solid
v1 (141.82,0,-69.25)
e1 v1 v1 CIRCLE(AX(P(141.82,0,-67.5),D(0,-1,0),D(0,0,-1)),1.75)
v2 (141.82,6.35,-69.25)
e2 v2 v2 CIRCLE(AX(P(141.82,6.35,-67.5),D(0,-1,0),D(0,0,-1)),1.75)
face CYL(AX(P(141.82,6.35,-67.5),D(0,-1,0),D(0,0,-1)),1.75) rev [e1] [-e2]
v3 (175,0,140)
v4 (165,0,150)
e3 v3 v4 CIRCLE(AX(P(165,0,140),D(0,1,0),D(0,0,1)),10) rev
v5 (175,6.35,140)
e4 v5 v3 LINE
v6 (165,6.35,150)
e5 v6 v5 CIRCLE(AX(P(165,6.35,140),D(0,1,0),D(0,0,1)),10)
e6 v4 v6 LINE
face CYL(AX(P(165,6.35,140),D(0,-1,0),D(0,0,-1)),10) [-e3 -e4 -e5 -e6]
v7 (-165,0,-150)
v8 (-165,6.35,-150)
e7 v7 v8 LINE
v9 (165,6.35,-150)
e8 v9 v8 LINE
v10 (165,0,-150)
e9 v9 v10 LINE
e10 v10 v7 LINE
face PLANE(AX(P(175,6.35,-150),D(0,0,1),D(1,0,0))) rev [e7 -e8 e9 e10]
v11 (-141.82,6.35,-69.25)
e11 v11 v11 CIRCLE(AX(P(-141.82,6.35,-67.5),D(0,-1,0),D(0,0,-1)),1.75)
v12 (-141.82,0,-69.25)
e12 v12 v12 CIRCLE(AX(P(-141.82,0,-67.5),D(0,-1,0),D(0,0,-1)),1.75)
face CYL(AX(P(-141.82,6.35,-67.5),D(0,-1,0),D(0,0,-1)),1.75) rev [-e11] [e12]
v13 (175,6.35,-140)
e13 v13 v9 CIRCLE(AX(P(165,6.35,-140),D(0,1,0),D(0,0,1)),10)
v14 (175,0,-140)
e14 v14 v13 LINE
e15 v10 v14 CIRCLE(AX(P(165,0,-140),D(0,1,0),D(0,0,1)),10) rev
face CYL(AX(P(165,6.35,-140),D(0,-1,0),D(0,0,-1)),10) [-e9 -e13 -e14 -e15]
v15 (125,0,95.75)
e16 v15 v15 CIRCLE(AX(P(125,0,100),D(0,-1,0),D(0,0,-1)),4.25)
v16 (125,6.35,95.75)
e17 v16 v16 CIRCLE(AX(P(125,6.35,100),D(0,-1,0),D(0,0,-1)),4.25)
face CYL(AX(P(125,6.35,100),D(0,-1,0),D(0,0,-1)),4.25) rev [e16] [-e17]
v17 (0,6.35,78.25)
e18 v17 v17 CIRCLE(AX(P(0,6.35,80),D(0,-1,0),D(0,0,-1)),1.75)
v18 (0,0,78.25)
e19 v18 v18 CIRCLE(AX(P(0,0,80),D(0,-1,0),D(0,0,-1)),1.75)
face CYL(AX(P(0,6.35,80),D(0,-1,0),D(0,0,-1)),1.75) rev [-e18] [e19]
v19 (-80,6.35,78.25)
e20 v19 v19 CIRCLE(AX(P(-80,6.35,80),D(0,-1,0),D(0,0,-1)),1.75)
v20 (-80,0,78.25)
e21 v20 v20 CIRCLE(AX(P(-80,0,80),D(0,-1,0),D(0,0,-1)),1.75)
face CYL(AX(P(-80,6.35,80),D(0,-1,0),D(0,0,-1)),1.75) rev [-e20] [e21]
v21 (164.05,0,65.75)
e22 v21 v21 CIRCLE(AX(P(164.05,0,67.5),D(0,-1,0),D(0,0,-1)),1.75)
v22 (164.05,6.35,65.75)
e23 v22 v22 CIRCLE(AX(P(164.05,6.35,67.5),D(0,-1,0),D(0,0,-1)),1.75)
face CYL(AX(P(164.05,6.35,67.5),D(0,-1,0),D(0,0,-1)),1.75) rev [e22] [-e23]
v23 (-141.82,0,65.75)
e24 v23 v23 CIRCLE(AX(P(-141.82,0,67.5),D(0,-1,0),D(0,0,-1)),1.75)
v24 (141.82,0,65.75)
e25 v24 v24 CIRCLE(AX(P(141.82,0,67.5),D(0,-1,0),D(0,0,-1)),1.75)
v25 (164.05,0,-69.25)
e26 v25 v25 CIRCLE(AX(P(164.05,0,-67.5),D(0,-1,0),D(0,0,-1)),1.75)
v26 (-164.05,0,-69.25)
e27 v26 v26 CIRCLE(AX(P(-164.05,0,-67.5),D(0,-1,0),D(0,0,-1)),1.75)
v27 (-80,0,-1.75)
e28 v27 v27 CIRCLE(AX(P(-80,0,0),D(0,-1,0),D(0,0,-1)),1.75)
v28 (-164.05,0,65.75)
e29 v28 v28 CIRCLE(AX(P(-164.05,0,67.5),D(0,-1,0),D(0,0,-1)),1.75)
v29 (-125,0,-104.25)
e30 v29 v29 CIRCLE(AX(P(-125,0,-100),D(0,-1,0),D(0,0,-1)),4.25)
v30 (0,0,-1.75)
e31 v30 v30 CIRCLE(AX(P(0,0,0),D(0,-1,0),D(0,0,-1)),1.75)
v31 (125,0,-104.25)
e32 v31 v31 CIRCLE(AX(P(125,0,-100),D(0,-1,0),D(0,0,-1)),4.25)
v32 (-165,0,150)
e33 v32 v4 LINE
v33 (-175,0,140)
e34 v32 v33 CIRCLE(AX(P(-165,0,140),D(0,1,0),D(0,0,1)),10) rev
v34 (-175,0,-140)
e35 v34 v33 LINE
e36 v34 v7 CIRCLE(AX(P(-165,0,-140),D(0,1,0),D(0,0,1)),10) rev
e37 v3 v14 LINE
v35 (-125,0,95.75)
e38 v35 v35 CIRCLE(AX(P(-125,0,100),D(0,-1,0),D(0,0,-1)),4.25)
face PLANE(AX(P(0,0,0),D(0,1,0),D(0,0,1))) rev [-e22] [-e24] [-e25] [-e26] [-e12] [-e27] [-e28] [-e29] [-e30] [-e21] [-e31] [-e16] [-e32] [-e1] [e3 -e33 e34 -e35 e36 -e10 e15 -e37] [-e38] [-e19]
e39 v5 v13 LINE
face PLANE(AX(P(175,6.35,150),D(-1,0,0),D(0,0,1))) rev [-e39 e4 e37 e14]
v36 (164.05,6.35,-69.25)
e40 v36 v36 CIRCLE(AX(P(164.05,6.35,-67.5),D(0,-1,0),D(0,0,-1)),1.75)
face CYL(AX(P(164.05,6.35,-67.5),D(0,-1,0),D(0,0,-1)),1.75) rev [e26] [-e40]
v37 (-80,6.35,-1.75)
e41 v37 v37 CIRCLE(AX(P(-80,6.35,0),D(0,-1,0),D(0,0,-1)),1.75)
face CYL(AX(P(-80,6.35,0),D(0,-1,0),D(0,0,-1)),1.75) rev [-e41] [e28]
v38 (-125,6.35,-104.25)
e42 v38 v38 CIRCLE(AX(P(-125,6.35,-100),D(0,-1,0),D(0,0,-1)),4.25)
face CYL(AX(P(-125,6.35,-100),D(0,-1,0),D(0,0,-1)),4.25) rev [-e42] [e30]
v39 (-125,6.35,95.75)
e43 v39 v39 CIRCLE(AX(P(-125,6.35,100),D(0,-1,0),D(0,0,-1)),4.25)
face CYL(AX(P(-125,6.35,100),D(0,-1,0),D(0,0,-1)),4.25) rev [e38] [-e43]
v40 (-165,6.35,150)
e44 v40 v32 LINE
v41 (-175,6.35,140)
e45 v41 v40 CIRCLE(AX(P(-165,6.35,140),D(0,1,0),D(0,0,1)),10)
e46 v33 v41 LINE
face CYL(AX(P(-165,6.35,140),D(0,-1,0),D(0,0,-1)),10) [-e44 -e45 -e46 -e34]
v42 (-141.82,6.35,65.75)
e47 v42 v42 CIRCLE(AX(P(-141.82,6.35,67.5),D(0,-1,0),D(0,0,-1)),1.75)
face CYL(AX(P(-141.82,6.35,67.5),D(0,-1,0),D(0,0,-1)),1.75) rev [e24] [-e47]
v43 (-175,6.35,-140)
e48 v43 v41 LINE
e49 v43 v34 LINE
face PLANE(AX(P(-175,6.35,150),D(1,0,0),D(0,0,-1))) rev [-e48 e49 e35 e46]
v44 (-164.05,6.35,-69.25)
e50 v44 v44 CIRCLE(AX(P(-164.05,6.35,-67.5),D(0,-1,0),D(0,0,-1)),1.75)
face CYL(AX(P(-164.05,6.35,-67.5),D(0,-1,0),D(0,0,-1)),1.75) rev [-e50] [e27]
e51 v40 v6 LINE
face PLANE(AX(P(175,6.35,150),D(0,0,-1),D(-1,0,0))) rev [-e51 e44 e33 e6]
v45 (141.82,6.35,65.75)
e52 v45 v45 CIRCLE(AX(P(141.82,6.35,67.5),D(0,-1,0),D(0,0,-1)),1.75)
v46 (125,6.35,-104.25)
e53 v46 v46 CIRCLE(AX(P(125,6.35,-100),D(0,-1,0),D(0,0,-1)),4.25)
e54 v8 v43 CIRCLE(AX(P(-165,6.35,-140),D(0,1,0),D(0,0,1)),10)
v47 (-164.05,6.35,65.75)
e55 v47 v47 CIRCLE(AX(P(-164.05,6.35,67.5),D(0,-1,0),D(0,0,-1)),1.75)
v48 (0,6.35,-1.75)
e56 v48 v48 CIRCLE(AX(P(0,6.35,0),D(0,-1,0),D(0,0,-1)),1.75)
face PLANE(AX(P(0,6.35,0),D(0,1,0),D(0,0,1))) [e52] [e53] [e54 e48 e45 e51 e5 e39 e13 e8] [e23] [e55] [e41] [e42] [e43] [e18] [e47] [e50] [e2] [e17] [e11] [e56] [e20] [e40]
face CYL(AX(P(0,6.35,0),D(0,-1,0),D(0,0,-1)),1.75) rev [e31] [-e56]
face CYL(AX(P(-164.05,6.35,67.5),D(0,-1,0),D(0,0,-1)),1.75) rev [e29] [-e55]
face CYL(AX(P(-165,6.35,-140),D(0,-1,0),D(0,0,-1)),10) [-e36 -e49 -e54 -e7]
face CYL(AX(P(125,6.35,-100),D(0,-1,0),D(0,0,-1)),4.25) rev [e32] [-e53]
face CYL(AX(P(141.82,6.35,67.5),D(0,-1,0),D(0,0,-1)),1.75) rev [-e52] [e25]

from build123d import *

# Parameters (mm, degrees)
SKETCH1_W                 = 350
SKETCH1_H                 = 300
BOSS_EXTRUDE1_DEPTH       = 6.35
SKETCH2_R                 = 4.25
CUT_EXTRUDE1_DEPTH        = 7.35
LPATTERN2_COUNT           = 2
LPATTERN2_PITCH           = 200
LPATTERN3_COUNT           = 2
LPATTERN3_PITCH           = 250
LPATTERN3_COPY_1_SKETCH_R = 4.25
LPATTERN3_COPY_1_DEPTH    = 7.35
FILLET1_R                 = 10
SKETCH4_R                 = 1.75
CUT_EXTRUDE2_DEPTH        = 7.35
LPATTERN5_COUNT           = 2
LPATTERN5_PITCH           = 80
LPATTERN5_COUNT_DIR2      = 2
LPATTERN5_PITCH_DIR2      = 80
SKETCH5_R                 = 1.75
CUT_EXTRUDE3_DEPTH        = 7.35
LPATTERN6_COUNT           = 2
LPATTERN6_PITCH           = 22.23
LPATTERN6_COUNT_DIR2      = 2
LPATTERN6_PITCH_DIR2      = 135
SKETCH7_R                 = 1.75
CUT_EXTRUDE4_DEPTH        = 7.35
LPATTERN9_COUNT           = 2
LPATTERN9_PITCH           = 22.23
LPATTERN9_COUNT_DIR2      = 2
LPATTERN9_PITCH_DIR2      = 135


with BuildPart() as part:
    # Sketch1 → Boss-Extrude1 (new body)
    with BuildSketch(Plane(origin=(0, 0, 0), x_dir=(1, 0, 0), z_dir=(0, 1, 0))):
        Rectangle(SKETCH1_W, SKETCH1_H)
    extrude(amount=BOSS_EXTRUDE1_DEPTH)

    # Sketch2 → Cut-Extrude1 (cut, through all)
    with BuildSketch(Plane.XZ):
        with Locations((-125, -100)):
            Circle(SKETCH2_R)
    cut_extrude1 = extrude(amount=-CUT_EXTRUDE1_DEPTH, mode=Mode.SUBTRACT)

    # LPattern2: Cut-Extrude1 ×2
    with Locations(*[(0, 0, i * LPATTERN2_PITCH) for i in range(1, LPATTERN2_COUNT)]):
        add(cut_extrude1, mode=Mode.SUBTRACT)

    # LPattern3: Cut-Extrude1 ×2
    with Locations(*[(i * LPATTERN3_PITCH, 0, 0) for i in range(1, LPATTERN3_COUNT)]):
        add(cut_extrude1, mode=Mode.SUBTRACT)

    # LPattern3 copy 1 sketch → LPattern3 copy 1 (cut, through all)
    with BuildSketch(Plane(origin=(250, 0, 200), x_dir=(1, 0, 0), z_dir=(0, -1, 0))):
        with Locations((-125, -100)):
            Circle(LPATTERN3_COPY_1_SKETCH_R)
    extrude(amount=-LPATTERN3_COPY_1_DEPTH, mode=Mode.SUBTRACT)

    # Fillet1
    fillet1_edges = [part.edges().sort_by_distance(p)[0] for p in [
        (-175, 3.175, -150),
        (175, 3.175, -150),
        (175, 3.175, 150),
        (-175, 3.175, 150),
    ]]
    fillet(fillet1_edges, radius=FILLET1_R)

    # Sketch4 → Cut-Extrude2 (cut, through all)
    with BuildSketch(Plane.XZ):
        Circle(SKETCH4_R)
    cut_extrude2 = extrude(amount=-CUT_EXTRUDE2_DEPTH, mode=Mode.SUBTRACT)

    # LPattern5: Cut-Extrude2 2 × 2
    with Locations(*[(-i * LPATTERN5_PITCH, 0, j * LPATTERN5_PITCH_DIR2) for i in range(LPATTERN5_COUNT) for j in range(LPATTERN5_COUNT_DIR2) if (i, j) != (0, 0)]):
        add(cut_extrude2, mode=Mode.SUBTRACT)

    # Sketch5 → Cut-Extrude3 (cut, through all)
    with BuildSketch(Plane.XZ):
        with Locations((-141.82, -67.5)):
            Circle(SKETCH5_R)
    cut_extrude3 = extrude(amount=-CUT_EXTRUDE3_DEPTH, mode=Mode.SUBTRACT)

    # LPattern6: Cut-Extrude3 2 × 2
    with Locations(*[(-i * LPATTERN6_PITCH, 0, j * LPATTERN6_PITCH_DIR2) for i in range(LPATTERN6_COUNT) for j in range(LPATTERN6_COUNT_DIR2) if (i, j) != (0, 0)]):
        add(cut_extrude3, mode=Mode.SUBTRACT)

    # Sketch7 → Cut-Extrude4 (cut, through all)
    with BuildSketch(Plane.XZ):
        with Locations((141.82, -67.5)):
            Circle(SKETCH7_R)
    cut_extrude4 = extrude(amount=-CUT_EXTRUDE4_DEPTH, mode=Mode.SUBTRACT)

    # LPattern9: Cut-Extrude4 2 × 2
    with Locations(*[(i * LPATTERN9_PITCH, 0, j * LPATTERN9_PITCH_DIR2) for i in range(LPATTERN9_COUNT) for j in range(LPATTERN9_COUNT_DIR2) if (i, j) != (0, 0)]):
        add(cut_extrude4, mode=Mode.SUBTRACT)


solid = part.part
